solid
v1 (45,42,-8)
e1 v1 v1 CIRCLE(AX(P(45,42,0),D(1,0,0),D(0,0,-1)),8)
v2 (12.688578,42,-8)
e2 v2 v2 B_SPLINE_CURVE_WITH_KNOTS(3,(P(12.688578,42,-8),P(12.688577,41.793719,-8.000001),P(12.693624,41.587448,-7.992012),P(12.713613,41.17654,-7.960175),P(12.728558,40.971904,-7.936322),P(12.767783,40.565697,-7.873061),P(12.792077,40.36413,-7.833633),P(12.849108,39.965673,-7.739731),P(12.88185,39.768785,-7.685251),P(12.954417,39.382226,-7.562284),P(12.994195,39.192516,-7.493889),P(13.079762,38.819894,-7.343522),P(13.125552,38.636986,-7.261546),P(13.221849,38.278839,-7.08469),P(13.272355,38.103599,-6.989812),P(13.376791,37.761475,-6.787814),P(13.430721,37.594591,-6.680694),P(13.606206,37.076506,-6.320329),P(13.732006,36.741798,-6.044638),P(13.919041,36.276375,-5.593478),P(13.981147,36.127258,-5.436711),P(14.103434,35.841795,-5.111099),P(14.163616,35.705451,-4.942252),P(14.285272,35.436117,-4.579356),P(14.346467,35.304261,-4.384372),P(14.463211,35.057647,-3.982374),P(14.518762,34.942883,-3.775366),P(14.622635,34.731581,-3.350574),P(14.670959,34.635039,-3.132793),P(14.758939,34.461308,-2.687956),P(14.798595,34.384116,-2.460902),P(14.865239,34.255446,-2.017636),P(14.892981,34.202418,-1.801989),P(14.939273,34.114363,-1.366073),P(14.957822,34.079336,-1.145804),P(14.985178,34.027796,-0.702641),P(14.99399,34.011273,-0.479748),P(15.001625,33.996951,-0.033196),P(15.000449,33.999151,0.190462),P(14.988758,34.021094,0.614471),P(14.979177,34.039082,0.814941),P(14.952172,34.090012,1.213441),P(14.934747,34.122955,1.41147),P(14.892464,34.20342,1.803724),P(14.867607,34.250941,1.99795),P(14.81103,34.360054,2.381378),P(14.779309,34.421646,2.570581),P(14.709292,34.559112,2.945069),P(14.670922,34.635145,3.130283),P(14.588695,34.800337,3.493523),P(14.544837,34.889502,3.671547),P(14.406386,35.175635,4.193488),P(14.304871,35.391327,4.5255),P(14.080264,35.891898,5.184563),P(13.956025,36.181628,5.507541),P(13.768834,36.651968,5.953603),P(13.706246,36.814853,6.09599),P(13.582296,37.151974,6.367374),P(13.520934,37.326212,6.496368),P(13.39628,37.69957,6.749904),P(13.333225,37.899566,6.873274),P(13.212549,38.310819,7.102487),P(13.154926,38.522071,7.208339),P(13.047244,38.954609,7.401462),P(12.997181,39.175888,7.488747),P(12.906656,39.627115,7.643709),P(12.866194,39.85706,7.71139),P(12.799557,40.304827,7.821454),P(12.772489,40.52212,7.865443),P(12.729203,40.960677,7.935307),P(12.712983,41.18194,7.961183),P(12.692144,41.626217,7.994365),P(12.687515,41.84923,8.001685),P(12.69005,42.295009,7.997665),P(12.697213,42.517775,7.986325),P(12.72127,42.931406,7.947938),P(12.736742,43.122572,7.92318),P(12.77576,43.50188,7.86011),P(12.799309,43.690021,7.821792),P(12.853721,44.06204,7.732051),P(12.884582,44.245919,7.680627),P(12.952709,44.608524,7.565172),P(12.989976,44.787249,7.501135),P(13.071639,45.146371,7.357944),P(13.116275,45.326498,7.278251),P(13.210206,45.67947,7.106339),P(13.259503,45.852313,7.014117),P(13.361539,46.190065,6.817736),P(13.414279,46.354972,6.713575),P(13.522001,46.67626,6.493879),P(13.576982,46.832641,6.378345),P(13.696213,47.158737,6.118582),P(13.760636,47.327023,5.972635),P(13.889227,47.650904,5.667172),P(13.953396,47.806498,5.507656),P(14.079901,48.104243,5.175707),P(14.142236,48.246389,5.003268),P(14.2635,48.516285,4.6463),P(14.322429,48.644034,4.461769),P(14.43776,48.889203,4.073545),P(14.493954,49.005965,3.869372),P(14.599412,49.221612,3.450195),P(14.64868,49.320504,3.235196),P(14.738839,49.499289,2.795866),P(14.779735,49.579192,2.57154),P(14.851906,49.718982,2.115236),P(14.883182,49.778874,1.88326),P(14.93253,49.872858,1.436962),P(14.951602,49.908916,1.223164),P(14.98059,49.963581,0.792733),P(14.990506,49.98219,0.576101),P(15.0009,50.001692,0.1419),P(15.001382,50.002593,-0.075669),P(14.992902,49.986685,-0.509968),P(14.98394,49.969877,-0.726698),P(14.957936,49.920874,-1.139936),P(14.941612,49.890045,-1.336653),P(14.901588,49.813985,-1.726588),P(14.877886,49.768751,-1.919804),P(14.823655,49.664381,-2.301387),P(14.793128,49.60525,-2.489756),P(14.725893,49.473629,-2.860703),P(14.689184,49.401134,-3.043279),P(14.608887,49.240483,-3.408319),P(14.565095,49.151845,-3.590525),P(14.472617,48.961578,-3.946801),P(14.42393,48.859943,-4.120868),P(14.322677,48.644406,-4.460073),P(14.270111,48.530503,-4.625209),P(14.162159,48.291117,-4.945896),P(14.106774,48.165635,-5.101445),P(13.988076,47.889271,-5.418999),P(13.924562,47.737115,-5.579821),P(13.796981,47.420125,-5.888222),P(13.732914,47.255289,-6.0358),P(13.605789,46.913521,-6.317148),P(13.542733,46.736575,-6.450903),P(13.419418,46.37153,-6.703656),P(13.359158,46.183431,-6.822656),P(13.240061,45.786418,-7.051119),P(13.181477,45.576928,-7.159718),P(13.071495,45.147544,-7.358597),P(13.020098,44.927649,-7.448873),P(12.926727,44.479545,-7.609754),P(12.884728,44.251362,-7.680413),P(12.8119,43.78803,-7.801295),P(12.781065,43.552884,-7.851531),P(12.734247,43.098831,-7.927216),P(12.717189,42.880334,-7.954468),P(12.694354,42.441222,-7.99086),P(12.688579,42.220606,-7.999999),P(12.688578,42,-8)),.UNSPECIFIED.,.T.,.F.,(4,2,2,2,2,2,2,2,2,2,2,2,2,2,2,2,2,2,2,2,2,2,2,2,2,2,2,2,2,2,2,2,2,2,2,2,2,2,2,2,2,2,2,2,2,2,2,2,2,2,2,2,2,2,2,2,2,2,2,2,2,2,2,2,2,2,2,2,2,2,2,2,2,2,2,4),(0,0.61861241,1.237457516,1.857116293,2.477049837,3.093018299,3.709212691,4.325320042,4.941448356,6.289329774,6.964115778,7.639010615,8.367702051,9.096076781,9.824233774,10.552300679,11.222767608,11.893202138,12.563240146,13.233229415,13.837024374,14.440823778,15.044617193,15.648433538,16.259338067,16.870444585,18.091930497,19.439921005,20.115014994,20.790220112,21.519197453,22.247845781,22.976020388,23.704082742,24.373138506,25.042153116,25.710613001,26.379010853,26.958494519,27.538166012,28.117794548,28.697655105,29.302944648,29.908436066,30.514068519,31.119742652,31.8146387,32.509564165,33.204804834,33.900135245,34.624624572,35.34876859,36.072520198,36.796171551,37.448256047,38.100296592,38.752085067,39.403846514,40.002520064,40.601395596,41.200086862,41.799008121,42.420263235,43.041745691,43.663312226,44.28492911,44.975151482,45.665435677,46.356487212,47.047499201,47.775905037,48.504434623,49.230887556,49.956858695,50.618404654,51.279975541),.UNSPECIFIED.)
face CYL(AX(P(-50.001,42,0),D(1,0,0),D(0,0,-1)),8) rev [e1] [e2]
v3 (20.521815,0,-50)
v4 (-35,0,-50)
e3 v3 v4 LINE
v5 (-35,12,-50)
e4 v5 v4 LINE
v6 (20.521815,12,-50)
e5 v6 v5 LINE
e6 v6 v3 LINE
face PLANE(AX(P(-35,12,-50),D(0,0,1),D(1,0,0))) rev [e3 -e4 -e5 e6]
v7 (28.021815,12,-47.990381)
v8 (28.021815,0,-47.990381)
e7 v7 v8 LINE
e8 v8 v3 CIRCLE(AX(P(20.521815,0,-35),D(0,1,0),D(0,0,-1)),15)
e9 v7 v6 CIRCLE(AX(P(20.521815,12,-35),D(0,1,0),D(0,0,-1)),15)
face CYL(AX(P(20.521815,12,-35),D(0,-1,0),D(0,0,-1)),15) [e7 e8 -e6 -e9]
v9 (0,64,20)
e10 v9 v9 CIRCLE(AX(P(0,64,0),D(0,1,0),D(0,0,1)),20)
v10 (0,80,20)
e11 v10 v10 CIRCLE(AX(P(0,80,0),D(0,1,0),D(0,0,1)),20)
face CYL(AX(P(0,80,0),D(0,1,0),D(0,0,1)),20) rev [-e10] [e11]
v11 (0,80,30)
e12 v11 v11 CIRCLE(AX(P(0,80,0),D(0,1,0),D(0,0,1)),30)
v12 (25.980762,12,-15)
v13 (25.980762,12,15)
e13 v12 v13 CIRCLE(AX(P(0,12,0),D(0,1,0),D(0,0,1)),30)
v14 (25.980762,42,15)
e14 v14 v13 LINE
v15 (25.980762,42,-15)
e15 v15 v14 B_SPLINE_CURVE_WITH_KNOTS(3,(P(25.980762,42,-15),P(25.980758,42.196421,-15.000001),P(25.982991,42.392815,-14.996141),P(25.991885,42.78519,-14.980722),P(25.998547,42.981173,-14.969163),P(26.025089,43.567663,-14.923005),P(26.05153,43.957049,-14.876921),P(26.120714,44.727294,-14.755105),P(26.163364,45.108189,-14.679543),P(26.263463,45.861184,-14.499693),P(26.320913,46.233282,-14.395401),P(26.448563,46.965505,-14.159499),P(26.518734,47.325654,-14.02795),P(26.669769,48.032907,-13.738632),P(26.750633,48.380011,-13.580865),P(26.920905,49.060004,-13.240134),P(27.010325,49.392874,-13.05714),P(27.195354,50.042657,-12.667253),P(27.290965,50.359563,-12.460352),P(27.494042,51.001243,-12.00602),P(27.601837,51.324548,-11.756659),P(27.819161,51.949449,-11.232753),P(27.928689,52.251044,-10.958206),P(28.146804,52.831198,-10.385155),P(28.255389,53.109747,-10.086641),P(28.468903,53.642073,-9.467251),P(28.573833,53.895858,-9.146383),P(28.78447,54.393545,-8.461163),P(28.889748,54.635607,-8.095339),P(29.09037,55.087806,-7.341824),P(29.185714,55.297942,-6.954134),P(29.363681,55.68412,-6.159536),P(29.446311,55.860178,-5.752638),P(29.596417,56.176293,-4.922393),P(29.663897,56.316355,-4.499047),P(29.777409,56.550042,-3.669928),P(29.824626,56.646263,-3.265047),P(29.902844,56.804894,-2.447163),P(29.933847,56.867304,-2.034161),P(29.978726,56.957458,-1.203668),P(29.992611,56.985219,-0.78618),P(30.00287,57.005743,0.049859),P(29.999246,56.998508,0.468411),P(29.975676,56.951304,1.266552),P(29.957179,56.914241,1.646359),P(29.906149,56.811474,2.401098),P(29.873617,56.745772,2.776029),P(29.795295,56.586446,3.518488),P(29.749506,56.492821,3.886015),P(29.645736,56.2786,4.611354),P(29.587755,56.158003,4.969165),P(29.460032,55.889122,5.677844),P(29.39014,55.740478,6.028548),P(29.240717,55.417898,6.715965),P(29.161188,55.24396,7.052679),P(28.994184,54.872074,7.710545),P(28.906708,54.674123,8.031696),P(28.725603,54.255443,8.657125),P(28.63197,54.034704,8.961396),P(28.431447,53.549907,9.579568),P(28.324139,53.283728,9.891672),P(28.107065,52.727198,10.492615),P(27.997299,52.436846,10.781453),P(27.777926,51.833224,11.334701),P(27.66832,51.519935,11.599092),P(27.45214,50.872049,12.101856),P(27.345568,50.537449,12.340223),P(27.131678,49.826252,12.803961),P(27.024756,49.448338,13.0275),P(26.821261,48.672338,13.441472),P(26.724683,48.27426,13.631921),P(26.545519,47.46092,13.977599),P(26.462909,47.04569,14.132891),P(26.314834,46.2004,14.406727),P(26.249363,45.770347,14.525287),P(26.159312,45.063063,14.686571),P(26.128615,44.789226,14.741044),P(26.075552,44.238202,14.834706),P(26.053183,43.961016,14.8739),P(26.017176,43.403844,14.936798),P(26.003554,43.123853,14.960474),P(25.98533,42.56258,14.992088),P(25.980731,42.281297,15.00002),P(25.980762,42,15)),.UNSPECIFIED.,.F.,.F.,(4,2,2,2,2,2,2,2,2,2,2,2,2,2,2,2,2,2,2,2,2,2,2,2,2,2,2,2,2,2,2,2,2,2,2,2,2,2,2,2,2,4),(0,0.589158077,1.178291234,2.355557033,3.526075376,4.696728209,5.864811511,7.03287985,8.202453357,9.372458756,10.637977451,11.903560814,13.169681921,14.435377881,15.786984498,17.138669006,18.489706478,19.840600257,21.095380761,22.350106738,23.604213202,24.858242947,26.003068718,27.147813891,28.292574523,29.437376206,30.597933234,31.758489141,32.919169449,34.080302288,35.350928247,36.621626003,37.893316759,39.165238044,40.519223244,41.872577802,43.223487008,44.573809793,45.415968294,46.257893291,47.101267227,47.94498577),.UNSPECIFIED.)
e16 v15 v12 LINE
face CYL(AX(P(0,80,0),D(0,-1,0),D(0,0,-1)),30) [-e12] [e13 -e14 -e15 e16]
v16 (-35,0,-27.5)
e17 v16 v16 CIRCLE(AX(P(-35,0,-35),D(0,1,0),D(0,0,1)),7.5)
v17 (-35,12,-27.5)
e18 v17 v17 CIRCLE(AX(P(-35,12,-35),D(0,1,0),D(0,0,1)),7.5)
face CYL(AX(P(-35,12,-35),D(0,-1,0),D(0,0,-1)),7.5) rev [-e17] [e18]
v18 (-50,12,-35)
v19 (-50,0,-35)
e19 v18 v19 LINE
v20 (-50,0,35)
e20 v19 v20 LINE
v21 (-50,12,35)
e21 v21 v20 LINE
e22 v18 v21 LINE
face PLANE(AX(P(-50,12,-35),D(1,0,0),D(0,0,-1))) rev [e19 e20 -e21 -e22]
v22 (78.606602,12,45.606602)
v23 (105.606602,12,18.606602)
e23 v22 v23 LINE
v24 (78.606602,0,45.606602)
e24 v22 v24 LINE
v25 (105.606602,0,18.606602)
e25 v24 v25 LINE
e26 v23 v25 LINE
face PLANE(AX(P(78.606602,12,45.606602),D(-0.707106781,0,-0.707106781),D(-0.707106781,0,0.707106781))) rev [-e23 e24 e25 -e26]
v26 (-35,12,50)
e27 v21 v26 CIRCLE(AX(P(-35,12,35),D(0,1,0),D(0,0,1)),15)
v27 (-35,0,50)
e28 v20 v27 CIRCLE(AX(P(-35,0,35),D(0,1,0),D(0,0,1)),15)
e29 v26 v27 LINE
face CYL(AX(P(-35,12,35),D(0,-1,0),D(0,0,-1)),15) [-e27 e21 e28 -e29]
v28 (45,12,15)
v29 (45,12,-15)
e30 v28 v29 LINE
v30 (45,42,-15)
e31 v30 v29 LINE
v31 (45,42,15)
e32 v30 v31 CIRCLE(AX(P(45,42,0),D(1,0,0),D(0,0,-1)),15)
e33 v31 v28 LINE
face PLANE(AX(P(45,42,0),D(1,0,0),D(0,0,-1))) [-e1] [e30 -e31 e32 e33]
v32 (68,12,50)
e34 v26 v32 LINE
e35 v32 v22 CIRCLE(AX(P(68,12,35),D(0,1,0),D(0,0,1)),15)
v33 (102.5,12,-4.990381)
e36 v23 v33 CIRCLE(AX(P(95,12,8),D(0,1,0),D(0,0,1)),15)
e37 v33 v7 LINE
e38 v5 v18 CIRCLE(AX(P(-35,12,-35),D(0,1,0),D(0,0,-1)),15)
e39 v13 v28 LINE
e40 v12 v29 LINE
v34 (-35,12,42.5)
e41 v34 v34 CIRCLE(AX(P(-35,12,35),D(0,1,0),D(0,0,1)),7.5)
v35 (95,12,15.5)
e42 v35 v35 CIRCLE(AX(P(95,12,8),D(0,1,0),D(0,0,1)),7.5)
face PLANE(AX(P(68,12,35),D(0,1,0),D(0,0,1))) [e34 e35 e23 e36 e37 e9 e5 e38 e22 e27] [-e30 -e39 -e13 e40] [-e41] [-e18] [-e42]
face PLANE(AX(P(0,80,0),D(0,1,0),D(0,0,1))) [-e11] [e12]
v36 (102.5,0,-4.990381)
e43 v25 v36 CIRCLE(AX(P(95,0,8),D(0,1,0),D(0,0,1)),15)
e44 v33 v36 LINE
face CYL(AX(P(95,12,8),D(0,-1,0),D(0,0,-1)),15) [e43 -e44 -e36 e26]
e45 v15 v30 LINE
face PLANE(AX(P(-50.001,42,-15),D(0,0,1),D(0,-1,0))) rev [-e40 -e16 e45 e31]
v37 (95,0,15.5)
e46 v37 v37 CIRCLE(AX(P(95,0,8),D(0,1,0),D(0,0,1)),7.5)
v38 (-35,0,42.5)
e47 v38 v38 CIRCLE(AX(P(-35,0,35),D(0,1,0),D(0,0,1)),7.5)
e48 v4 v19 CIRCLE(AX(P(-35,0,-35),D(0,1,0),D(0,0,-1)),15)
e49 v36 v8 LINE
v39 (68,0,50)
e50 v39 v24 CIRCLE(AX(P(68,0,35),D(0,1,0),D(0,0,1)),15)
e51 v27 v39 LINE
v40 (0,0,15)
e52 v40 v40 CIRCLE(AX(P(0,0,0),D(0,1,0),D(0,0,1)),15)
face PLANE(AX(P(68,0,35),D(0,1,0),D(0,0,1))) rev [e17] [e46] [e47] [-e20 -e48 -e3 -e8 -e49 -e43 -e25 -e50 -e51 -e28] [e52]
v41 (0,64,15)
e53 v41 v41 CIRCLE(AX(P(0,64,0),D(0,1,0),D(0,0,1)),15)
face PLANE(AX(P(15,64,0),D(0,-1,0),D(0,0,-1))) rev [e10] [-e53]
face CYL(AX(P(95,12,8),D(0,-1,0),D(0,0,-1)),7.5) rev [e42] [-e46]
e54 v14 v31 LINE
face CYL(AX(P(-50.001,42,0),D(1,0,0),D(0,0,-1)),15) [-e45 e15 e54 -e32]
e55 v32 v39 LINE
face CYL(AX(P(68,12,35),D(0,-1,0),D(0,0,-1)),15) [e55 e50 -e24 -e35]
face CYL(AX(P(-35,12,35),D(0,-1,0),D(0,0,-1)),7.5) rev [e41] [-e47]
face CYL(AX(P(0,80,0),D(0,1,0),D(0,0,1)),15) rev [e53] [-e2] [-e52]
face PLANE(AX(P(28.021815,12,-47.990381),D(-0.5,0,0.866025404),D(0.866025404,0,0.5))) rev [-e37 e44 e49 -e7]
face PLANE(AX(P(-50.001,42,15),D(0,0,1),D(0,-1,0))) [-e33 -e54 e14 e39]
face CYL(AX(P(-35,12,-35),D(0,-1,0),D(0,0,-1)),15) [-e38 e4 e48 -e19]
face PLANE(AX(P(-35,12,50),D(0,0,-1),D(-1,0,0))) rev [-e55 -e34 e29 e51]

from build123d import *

# Parameters (mm, degrees)
SKETCH1_R                = 7.5
BOSS_EXTRUDE1_DEPTH      = 12
SKETCH3_R                = 30
BOSS_EXTRUDE2_DEPTH      = 68
HOLE1_D                  = 30
HOLE1_DEPTH              = 80
HOLE1_CBORE_D            = 40
HOLE1_CBORE_DEPTH        = 16
HOLE1_TIP                = 9.012909285
BOSS_EXTRUDE3_REACH      = 135.884
BOSS_EXTRUDE3_END_RADIUS = 30
CUT_EXTRUDE1_REACH       = 135.884
CUT_EXTRUDE1_END_RADIUS  = 15
SKETCH11_R               = 8


with BuildPart() as part:
    # Sketch1 → Boss-Extrude1 (new body)
    with BuildSketch(Plane(origin=(0, 0, 0), x_dir=(1, 0, 0), z_dir=(0, 1, 0))):
        with BuildLine():
            Line((-50, 35), (-50, -35))
            ThreePointArc((-50, -35), (-45.606601718, -45.606601718), (-35, -50))
            Line((-35, -50), (68, -50))
            ThreePointArc((68, -50), (73.740251485, -48.858192988), (78.606601718, -45.606601718))
            Line((78.606601718, -45.606601718), (105.606601718, -18.606601718))
            ThreePointArc((105.606601718, -18.606601718), (109.871672921, -6.042107117), (102.5, 4.990381057))
            Line((102.5, 4.990381057), (28.021815275, 47.990381057))
            ThreePointArc((28.021815275, 47.990381057), (24.404100951, 49.488887394), (20.521815275, 50))
            Line((20.521815275, 50), (-35, 50))
            ThreePointArc((-35, 50), (-45.606601718, 45.606601718), (-50, 35))
        make_face()
        with Locations(Location((95, -8, 0), (0, 0, 270))):
            Circle(SKETCH1_R, mode=Mode.SUBTRACT)
        with Locations(Location((-35, 35, 0), (0, 0, 270))):
            Circle(SKETCH1_R, mode=Mode.SUBTRACT)
        with Locations(Location((-35, -35, 0), (0, 0, 270))):
            Circle(SKETCH1_R, mode=Mode.SUBTRACT)
    extrude(amount=BOSS_EXTRUDE1_DEPTH)

    # Sketch3 → Boss-Extrude2 (add)
    with BuildSketch(Plane(origin=(0, 12, 0), x_dir=(1, 0, 0), z_dir=(0, 1, 0))):
        with Locations(Location((0, 0, 0), (0, 0, 270))):
            Circle(SKETCH3_R)
    extrude(amount=BOSS_EXTRUDE2_DEPTH)

    # Hole1
    with Locations(Plane(origin=(0, 80, 0), x_dir=(1, 0, 0), z_dir=(0, 1, 0))):
        with Locations((0, 0)):
            CounterBoreHole(HOLE1_D / 2, HOLE1_CBORE_D / 2, HOLE1_CBORE_DEPTH, depth=HOLE1_DEPTH)
            with Locations((0, 0, -(HOLE1_DEPTH + HOLE1_TIP / 2))):  # 118° drill point
                Cone(0, HOLE1_D / 2, HOLE1_TIP, mode=Mode.SUBTRACT)

    # Boss-Extrude3: up to this cylinder (the profile starts outside it)
    boss_extrude3_end = Plane(origin=(0, 33.024623, 0), z_dir=(0, -1, 0)) * Cylinder(BOSS_EXTRUDE3_END_RADIUS, 332.768, mode=Mode.PRIVATE)
    # Sketch10 → Boss-Extrude3 (add, up to the surface)
    with BuildSketch(Plane(origin=(45, 0, 0), x_dir=(0, 0, -1), z_dir=(1, 0, 0)), mode=Mode.PRIVATE) as boss_extrude3_sk1:
        with BuildLine():
            Line((-15, 42), (-15, 12))
            Line((-15, 12), (15, 12))
            Line((15, 12), (15, 42))
            ThreePointArc((15, 42), (0, 57), (-15, 42))
        make_face()
    boss_extrude3_tool1 = extrude(boss_extrude3_sk1.sketch, amount=-BOSS_EXTRUDE3_REACH, mode=Mode.PRIVATE) - boss_extrude3_end
    add(boss_extrude3_tool1.solids().sort_by_distance((45, 33.024623, 0))[0])

    # Cut-Extrude1: up to this cylinder (the profile starts outside it)
    cut_extrude1_end = Plane(origin=(0, 42, 0), z_dir=(0, 1, 0)) * Cylinder(CUT_EXTRUDE1_END_RADIUS, 302.768, mode=Mode.PRIVATE)
    # Sketch11 → Cut-Extrude1 (cut, up to the surface)
    with BuildSketch(Plane(origin=(45, 0, 0), x_dir=(0, 0, -1), z_dir=(1, 0, 0)), mode=Mode.PRIVATE) as cut_extrude1_sk1:
        with Locations((0, 42)):
            Circle(SKETCH11_R)
    cut_extrude1_tool1 = extrude(cut_extrude1_sk1.sketch, amount=-CUT_EXTRUDE1_REACH, mode=Mode.PRIVATE) - cut_extrude1_end
    add(cut_extrude1_tool1.solids().sort_by_distance((45, 42, 0))[0], mode=Mode.SUBTRACT)


solid = part.part
